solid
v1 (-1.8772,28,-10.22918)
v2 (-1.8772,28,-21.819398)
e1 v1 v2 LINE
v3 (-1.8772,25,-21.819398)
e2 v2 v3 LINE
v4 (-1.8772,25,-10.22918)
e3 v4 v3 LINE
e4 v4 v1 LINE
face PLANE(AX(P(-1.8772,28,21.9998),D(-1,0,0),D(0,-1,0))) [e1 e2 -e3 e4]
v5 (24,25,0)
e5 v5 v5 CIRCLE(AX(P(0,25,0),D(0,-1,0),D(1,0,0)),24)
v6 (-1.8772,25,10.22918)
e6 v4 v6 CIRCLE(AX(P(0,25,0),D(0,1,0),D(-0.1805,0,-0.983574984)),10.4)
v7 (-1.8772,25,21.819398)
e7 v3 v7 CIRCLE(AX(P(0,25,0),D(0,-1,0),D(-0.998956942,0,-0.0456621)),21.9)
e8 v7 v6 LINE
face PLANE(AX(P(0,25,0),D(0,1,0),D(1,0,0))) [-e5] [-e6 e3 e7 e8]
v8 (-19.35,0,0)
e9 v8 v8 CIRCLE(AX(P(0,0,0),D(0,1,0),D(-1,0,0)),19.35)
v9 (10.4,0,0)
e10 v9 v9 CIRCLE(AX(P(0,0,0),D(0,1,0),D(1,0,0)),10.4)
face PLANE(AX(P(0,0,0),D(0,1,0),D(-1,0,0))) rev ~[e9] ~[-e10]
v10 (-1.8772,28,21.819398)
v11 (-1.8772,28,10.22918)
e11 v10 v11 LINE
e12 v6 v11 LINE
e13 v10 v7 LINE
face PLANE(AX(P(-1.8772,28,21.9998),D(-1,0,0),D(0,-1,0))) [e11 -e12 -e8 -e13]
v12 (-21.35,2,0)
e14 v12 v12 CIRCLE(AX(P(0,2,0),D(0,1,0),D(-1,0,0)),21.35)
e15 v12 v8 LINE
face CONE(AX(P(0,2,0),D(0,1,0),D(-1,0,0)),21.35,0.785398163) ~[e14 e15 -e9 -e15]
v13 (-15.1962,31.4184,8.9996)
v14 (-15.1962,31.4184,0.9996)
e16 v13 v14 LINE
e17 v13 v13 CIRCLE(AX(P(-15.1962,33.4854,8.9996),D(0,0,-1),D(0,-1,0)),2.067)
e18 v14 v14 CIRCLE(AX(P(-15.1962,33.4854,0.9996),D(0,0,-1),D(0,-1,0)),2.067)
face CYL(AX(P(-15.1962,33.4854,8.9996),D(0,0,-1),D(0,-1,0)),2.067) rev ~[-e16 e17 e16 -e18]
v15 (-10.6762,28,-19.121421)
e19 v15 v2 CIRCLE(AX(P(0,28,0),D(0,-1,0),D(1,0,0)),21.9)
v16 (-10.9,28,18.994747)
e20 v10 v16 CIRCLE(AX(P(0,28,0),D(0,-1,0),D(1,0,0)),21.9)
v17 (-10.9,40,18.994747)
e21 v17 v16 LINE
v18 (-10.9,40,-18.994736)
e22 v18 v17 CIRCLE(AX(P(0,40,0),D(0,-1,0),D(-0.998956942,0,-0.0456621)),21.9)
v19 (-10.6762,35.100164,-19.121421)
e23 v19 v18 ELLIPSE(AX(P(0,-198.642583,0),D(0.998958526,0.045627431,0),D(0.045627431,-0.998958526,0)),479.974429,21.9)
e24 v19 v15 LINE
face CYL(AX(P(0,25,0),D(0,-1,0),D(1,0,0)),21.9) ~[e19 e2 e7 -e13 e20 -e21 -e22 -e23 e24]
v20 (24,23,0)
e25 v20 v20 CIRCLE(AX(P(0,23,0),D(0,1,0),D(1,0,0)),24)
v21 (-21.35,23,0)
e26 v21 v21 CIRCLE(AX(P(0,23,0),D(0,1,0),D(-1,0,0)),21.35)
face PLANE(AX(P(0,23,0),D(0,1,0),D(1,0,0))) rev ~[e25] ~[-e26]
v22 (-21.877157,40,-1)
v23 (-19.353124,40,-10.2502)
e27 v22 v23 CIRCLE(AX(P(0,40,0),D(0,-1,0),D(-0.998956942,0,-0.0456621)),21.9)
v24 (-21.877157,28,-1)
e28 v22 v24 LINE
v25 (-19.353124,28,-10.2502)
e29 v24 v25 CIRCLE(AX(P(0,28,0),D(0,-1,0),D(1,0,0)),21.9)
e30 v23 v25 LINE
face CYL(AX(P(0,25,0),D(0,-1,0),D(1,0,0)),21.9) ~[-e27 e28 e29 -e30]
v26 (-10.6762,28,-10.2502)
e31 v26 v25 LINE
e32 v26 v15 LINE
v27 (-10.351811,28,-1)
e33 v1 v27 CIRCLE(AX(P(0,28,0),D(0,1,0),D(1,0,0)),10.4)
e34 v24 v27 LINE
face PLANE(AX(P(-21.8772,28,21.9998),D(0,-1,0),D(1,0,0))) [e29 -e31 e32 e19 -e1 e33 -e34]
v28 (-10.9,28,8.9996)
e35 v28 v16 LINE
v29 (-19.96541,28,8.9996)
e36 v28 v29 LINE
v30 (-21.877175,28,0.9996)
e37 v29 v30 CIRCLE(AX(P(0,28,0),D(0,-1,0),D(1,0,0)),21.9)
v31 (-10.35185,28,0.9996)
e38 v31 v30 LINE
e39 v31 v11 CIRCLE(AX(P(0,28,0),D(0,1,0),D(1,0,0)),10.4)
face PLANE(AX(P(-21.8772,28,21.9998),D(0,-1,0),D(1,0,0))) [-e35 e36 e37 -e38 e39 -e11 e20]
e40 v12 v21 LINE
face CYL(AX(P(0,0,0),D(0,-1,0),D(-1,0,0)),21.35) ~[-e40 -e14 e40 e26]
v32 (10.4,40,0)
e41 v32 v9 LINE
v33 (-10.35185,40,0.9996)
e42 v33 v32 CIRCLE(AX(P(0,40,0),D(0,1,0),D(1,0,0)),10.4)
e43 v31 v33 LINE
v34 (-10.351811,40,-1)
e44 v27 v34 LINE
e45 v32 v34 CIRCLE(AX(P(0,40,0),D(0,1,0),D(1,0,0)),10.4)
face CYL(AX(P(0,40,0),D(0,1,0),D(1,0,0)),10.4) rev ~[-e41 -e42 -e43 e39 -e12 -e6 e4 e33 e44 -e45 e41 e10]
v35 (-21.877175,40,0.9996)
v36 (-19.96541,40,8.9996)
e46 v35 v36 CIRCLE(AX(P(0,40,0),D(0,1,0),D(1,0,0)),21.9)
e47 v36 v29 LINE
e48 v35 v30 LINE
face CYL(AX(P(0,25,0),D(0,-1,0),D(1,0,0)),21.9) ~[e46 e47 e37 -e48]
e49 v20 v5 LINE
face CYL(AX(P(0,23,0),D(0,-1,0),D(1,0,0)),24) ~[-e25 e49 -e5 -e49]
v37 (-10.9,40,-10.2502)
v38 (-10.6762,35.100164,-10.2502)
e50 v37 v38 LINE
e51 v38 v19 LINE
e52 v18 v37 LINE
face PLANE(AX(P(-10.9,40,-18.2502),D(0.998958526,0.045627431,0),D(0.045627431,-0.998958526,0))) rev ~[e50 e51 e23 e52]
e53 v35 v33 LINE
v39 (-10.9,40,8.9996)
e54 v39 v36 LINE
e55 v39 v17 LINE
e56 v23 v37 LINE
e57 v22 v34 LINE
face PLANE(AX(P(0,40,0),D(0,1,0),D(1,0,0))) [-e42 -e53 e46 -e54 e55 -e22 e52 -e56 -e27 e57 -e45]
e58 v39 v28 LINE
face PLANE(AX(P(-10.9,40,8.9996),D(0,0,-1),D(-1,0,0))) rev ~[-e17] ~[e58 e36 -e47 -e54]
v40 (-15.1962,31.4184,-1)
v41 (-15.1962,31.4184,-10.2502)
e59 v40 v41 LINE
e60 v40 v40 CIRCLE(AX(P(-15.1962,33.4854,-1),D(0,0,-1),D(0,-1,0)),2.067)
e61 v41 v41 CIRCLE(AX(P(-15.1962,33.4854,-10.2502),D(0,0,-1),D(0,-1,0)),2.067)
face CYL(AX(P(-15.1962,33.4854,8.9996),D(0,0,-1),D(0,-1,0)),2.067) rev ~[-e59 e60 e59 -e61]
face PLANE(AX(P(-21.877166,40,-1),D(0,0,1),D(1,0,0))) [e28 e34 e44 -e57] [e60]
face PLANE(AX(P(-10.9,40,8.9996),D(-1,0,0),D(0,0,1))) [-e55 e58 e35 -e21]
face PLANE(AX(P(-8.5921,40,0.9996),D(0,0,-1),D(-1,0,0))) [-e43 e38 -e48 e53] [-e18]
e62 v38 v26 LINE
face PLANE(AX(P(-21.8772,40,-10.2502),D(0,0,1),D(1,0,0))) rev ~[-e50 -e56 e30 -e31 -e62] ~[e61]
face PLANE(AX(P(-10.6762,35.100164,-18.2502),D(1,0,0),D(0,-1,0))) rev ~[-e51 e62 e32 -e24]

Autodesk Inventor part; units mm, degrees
ref_plane "YZ Plane" through (0, 0, 0) normal (1, 0, 0) x (0, 1, 0)
ref_plane "XZ Plane" through (0, 0, 0) normal (0, 1, 0) x (-1, 0, 0)
ref_plane "XY Plane" through (0, 0, 0) normal (0, 0, 1) x (1, 0, 0)
sketch "Sketch1" plane through (0, 0, 0) normal (0, 1, 0) x (-1, 0, 0)
  circle A0 centre (0, 0) radius 21.35
  dimension "d0" = 42.7
extrude "Extrusion1" add sketch "Sketch1" along normal blind 23
sketch "Sketch2" plane through (0, 23, 0) normal (0, 1, 0) x (1, 0, 0)
  circle A0 centre (0, 0) radius 24
  dimension "d3" = 48
extrude "Extrusion2" add sketch "Sketch2" along normal blind 2
sketch "Sketch3" plane through (0, 25, 0) normal (0, 1, 0) x (1, 0, 0)
  circle A0 centre (0, 0) radius 24 projected
  circle A1 centre (0, 0) radius 21.9
  dimension "d6" = 43.8
extrude "Extrusion3" add sketch "Sketch3" along normal blind 15 contours A1
sketch "Sketch5" plane through (0, 40, 0) normal (0, 1, 0) x (1, 0, 0)
  line L0 (0, 0) -> (-16.9119, 0)
  line L1 (-16.9119, 0) -> (-16.9119, 11.9609)
  line L2 (-16.9119, 11.9609) -> (0, 11.9609)
  line L3 (0, 11.9609) -> (0, 0)
sketch "Sketch8" plane through (0, 40, 0) normal (0, 1, 0) x (1, 0, 0)
  circle A0 centre (0, 0) radius 10.4
  dimension "d18" = 20.8
extrude "Extrusion5" cut sketch "Sketch8" against normal through all
sketch "Sketch9" plane through (0, 40, 0) normal (0, 1, 0) x (1, 0, 0)
  arc A0 (-20.347, 8.1) -> (20.347, 8.1) centre (0, 0) ccw projected
  line L0 (-21.9, 0) -> (-10.9, 0)
  line L1 (-10.9, 0) -> (-10.9, -21.2976)
  line L2 (-10.9, -21.2976) -> (-22.7633, -21.2976)
  line L3 (-22.7633, -21.2976) -> (-22.7633, 0)
  line L4 (-22.7633, 0) -> (-21.9, 0)
  line L5 (-22.7633, 0) -> (-22.7633, 1)
  line L6 (-22.7633, 1) -> (-8.5921, 1)
  line L7 (-8.5921, 1) -> (-8.5921, -0.9996)
  line L8 (-8.5921, -0.9996) -> (-22.7633, -0.9996)
  line L9 (-10.9, -0.9996) -> (-10.9, -8.9996)
  line L10 (-10.9, -8.9996) -> (-22.7633, -8.9996)
  point P0 (-19.9654, -8.9996)
  point P1 (-10.9, -18.9947)
  dimension "d21" = 11
  dimension "d22" = 1
  dimension "d23" = 8
extrude "Extrusion6" cut sketch "Sketch9" against normal blind 15 contours L6 L7 L8 L1 L0 A0 | A0 L4 L5 L6 | L0 L1 L8 A0 | A0 L8 L3 L4 | L10 L1 A0
sketch "Sketch10" plane through (-19.9654, 40, 8.9996) normal (0, 0, 1) x (1, 0, 0)
  circle A0 centre (4.7692, -6.5146) radius 2.55
  point P0 (19.9654, -40)
  dimension "d26" = 5.1
hole "Hole1" at (-15.1962, 33.4854, 8.9996) direction (0, 0, -1) diameter 4.134 end through all thread size "M5x0.8" class "6H" standard "ISO Metric profile"
chamfer "Chamfer1" distance 2 angle 45 1 edges at (21.35, 0, 0)
ref_plane "Work Plane4" through (-21.8772, 40, -0.0002) normal (0, 0, 1) x (1, 0, 0)
ref_plane "Work Plane5" through (-21.8772, 40, 21.9998) normal (0, 0, 1) x (1, 0, 0)
sketch "Sketch11" plane through (-21.8772, 40, 21.9998) normal (0, 0, 1) x (1, 0, 0)
  line L0 (0, -15) -> (1.9118, -15) projected
  line L1 (0, -15) -> (0, -12)
  line L2 (0, 0) -> (0, -15) projected
  line L3 (0, -12) -> (20, -12)
  line L4 (20, -12) -> (20, -15)
  line L5 (20, -15) -> (0, -15)
  line L6 (45.8772, -15) -> (-2.1228, -15) projected
  point P0 (21.8772, -40)
  point P1 (10.9772, -15)
  dimension "d39" = 3
  dimension "d42" = 20
extrude "Extrusion7" cut sketch "Sketch11" against normal through all
ref_plane "Work Plane6" through (-21.8772, 40, -18.2502) normal (0, 0, 1) x (1, 0, 0)
sketch "Sketch13" plane through (-21.8772, 40, -18.2502) normal (0, 0, 1) x (1, 0, 0)
  line L0 (11.5253, 0) -> (11.5253, -12) projected
  line L1 (10.9772, 0) -> (11.5253, -12)
  line L2 (0, -12) -> (0, 0) projected
  line L3 (11.5253, -12) -> (0, -12)
  line L4 (0, -12) -> (0, 0)
  line L5 (0, 0) -> (11.201, 0)
  line L6 (1.9118, 0) -> (10.9772, 0) projected
  line L7 (11.201, 0) -> (11.201, -12)
  line L8 (11.5253, -12) -> (0, -12) projected
  point P0 (21.8772, -40)
  point P1 (11.201, -4.9004)
extrude "Extrusion9" cut sketch "Sketch13" along normal mid plane 16 contours L1 L7 L3 L2 L5
properties part number "Probe holder"
